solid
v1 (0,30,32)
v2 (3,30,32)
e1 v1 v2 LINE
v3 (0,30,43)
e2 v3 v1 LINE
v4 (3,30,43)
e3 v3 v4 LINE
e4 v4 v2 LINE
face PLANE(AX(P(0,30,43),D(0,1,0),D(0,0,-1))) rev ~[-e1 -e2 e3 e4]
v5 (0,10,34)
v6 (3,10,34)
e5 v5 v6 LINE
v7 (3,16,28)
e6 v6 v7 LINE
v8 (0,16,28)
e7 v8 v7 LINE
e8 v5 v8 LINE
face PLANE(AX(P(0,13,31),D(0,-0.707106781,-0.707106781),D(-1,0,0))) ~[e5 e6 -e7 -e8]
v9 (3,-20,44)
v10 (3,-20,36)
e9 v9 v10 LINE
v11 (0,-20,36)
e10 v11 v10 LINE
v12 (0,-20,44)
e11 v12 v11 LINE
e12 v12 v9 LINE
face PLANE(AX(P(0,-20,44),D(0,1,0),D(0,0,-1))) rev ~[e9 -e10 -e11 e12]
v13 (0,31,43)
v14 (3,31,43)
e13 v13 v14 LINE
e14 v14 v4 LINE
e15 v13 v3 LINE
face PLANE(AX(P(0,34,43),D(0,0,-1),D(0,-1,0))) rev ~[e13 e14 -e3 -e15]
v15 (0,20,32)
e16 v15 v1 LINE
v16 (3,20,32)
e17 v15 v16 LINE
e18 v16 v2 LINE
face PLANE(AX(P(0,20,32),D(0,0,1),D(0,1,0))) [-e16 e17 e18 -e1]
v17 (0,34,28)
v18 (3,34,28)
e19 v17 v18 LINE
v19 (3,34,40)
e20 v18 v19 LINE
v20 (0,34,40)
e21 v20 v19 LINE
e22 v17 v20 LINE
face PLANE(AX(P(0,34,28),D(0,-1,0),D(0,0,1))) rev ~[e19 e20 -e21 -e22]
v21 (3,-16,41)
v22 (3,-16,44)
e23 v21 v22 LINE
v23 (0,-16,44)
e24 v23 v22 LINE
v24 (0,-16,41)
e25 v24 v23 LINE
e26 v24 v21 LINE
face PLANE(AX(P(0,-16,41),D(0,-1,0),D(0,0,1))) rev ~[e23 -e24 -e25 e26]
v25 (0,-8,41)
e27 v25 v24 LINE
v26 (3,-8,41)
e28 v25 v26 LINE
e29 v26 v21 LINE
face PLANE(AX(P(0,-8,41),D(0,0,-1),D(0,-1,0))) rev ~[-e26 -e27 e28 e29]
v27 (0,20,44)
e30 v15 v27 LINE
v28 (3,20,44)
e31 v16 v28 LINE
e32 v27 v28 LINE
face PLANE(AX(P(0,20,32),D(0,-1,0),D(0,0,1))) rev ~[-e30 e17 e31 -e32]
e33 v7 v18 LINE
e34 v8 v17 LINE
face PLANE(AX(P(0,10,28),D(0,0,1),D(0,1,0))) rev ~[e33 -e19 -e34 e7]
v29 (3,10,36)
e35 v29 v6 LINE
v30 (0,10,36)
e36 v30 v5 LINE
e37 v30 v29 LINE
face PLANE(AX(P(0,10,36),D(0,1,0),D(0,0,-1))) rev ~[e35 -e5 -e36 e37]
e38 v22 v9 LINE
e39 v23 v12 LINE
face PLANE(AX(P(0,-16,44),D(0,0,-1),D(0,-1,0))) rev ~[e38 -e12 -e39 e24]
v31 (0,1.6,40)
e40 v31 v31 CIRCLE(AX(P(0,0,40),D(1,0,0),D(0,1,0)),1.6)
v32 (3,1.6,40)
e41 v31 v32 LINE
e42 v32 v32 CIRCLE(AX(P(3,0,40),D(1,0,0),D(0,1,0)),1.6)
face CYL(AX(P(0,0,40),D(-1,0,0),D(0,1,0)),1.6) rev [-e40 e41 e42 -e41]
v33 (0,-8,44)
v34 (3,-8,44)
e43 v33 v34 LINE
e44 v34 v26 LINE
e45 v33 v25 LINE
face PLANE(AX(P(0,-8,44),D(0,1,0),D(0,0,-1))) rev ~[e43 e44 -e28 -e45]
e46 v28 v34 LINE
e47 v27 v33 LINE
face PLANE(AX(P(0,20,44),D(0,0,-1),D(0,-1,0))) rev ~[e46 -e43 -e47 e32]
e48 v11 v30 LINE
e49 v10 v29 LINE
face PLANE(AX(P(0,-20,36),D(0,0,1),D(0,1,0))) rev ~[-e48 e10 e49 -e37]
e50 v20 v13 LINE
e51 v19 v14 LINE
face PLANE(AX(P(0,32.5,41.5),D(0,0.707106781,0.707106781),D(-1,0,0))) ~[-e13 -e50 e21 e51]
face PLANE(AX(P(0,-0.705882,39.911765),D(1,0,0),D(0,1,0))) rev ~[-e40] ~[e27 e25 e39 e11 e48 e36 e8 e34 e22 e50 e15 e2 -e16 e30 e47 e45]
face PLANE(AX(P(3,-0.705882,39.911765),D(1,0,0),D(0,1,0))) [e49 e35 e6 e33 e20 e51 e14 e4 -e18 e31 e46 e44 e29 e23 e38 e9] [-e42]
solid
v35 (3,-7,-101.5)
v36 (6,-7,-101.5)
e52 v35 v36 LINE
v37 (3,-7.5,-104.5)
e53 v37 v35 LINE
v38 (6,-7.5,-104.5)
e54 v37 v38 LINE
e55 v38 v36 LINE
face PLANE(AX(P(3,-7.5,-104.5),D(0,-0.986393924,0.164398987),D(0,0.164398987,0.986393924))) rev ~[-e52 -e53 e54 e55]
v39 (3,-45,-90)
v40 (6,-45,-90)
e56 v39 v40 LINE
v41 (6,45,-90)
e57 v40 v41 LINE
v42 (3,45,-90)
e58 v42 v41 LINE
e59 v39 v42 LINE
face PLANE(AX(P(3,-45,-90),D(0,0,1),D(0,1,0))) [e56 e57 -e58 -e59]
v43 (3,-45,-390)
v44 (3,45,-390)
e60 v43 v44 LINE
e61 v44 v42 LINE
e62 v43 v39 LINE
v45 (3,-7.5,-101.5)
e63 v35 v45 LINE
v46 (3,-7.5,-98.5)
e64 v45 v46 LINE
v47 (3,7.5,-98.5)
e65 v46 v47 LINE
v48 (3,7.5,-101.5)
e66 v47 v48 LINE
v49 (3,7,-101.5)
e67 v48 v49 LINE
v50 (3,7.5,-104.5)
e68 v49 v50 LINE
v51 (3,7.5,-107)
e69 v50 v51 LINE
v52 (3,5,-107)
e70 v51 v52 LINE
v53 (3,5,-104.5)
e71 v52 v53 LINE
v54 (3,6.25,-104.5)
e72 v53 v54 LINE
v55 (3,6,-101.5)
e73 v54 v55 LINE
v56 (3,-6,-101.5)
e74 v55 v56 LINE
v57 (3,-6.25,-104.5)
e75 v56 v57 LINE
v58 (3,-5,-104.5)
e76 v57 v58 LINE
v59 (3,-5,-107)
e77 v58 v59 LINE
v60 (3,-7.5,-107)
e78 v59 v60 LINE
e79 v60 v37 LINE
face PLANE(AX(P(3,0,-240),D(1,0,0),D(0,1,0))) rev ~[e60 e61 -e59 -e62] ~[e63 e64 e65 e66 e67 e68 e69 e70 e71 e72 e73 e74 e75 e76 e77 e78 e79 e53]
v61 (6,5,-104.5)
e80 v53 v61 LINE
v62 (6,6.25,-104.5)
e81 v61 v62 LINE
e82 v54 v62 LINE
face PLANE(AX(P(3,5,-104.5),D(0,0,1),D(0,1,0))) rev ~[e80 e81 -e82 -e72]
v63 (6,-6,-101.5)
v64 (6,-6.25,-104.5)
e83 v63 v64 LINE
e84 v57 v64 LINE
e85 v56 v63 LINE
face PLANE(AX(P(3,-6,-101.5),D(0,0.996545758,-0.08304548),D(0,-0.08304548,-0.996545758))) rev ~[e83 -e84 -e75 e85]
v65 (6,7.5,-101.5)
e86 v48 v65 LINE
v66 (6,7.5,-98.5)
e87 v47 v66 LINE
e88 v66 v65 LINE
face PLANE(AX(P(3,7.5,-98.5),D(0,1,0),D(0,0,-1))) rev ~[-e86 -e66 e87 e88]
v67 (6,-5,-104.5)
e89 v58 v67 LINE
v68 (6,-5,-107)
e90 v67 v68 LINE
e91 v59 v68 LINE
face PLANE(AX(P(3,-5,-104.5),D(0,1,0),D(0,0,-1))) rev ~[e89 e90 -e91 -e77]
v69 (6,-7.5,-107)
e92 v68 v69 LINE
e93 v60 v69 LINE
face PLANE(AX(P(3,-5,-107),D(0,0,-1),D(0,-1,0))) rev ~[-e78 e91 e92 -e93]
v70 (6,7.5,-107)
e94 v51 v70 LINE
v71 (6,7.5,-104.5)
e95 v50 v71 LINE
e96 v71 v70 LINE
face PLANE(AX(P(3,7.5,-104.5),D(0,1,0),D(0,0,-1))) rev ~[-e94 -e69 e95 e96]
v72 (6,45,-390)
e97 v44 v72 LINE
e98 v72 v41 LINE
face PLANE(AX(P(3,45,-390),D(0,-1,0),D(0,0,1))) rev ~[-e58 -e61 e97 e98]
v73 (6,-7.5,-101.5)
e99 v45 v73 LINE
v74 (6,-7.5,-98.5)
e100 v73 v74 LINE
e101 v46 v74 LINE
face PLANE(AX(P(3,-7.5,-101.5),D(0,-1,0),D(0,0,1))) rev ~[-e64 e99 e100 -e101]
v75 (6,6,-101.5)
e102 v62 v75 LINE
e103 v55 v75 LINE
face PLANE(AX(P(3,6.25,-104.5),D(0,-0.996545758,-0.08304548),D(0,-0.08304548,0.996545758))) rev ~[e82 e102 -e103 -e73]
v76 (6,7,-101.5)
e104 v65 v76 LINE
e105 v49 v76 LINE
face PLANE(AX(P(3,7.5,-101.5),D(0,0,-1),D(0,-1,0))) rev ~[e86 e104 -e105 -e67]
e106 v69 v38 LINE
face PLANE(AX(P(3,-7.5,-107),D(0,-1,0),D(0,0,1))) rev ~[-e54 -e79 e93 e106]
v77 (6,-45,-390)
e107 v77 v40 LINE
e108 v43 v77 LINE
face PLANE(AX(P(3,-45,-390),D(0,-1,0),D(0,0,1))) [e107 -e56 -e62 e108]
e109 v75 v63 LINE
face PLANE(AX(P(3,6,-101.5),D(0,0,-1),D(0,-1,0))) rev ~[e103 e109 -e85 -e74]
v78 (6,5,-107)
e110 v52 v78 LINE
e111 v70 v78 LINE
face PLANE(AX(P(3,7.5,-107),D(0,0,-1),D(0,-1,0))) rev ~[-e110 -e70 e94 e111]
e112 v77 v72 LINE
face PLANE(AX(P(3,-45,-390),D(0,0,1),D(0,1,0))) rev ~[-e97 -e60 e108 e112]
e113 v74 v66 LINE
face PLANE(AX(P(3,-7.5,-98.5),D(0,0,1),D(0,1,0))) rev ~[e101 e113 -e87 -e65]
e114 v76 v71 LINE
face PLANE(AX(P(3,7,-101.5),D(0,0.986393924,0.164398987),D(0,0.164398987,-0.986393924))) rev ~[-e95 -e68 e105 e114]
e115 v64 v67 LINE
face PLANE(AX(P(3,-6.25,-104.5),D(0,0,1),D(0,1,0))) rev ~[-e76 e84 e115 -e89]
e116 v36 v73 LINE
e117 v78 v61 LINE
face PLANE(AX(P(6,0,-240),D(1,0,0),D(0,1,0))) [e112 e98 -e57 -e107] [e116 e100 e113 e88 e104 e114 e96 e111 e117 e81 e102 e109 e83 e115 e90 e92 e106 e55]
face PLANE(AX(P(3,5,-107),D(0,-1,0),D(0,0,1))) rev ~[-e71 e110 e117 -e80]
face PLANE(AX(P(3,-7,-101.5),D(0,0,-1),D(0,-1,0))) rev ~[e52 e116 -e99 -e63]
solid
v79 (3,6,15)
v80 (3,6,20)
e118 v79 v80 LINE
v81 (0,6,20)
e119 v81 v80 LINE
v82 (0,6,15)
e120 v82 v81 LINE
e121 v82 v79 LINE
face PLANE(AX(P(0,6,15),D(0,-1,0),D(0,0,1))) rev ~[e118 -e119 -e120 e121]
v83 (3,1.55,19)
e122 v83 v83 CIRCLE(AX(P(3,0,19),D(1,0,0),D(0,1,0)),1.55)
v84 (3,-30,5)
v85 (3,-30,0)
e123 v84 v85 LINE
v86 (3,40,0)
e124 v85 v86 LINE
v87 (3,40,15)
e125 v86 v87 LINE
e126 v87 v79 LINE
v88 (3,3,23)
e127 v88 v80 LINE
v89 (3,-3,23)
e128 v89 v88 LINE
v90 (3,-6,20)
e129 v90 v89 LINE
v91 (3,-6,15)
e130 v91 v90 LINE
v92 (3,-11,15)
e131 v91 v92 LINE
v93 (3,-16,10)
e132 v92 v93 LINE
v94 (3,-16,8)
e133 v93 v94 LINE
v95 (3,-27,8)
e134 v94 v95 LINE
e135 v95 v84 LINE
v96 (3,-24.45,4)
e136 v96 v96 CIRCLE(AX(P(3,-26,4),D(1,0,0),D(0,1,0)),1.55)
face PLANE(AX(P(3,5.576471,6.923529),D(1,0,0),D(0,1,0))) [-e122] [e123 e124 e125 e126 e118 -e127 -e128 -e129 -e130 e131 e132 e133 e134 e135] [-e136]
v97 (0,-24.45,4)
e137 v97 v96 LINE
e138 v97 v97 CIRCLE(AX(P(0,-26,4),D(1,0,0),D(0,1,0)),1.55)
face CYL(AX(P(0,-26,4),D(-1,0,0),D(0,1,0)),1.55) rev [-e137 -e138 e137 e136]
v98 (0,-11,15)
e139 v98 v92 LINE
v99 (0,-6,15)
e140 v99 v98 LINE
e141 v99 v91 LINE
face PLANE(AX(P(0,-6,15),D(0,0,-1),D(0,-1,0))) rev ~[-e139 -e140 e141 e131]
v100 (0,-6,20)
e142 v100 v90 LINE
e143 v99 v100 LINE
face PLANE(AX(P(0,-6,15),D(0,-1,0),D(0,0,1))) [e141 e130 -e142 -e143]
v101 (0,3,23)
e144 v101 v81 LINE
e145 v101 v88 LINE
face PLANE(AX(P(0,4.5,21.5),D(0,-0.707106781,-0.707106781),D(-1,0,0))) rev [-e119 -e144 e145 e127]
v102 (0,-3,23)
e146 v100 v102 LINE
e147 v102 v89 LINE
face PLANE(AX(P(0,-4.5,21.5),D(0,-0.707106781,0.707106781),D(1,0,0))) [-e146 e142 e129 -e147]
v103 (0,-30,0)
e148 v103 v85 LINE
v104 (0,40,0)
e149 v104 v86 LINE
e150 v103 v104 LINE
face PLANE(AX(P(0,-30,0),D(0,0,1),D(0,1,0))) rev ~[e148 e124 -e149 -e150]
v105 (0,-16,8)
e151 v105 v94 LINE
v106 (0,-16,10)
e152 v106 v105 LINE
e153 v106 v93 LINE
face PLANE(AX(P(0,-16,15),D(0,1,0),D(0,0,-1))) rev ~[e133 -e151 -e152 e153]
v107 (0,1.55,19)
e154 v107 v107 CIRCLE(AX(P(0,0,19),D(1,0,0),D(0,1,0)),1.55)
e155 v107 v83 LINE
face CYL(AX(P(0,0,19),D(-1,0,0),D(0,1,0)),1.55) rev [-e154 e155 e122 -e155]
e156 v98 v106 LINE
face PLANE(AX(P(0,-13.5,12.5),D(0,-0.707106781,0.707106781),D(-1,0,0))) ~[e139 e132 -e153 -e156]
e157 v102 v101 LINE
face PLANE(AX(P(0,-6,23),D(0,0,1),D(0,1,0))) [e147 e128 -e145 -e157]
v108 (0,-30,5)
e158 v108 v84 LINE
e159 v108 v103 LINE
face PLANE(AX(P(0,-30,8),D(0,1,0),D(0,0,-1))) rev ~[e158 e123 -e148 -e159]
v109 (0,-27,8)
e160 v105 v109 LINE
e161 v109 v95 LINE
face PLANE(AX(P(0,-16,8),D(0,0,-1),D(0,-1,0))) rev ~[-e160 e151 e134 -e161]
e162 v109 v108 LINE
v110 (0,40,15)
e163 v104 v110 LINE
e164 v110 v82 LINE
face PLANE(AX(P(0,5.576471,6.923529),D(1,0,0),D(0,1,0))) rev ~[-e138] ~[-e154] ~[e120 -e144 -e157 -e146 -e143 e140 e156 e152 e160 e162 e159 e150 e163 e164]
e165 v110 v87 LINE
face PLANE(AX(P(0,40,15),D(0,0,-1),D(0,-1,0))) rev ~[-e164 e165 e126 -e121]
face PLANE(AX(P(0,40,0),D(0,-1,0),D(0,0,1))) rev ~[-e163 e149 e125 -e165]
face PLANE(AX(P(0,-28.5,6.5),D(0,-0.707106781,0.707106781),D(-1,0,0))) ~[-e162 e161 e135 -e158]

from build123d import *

# Parameters (mm, degrees)
F0_R      = 1.55
F0_W      = 12
F0_H      = 8
F1_DEPTH  = 3
F2_R      = 1.6
F2_W      = 10
F2_H      = 4
F3_DEPTH  = 3
F4_SIZE   = 3
F5_SIZE   = 6
F6_SIZE   = 3
F7_SIZE   = 5
F8_SIZE   = 3
F9_W      = 90
F9_H      = 300
F10_DEPTH = 3


with BuildPart() as f1:
    # F0 (on Right) → F1 (new body)
    with BuildSketch(Plane.YZ):
        Polygon((-6, 15), (-16, 15), (-16, 8), (-30, 8), (-30, 0), (40, 0), (40, 15), (6, 15), align=None)
        with Locations((-26, 4)):
            Circle(F0_R, mode=Mode.SUBTRACT)
        with Locations((0, 19)):
            Rectangle(F0_W, F0_H)
        with Locations((0, 19)):
            Circle(F0_R, mode=Mode.SUBTRACT)
    extrude(amount=F1_DEPTH)

    # F4
    f4_edges = [f1.edges().sort_by_distance(p)[0] for p in [
        (1.5, -6, 23),
        (1.5, 6, 23),
    ]]
    chamfer(f4_edges, length=F4_SIZE)

    # F7
    f7_edges = [f1.edges().sort_by_distance(p)[0] for p in [
        (1.5, -16, 15),
    ]]
    chamfer(f7_edges, length=F7_SIZE)

    # F8
    f8_edges = [f1.edges().sort_by_distance(p)[0] for p in [
        (1.5, -30, 8),
    ]]
    chamfer(f8_edges, length=F8_SIZE)


with BuildPart() as f3:
    # F2 (on Right) → F3 (new body)
    with BuildSketch(Plane.YZ):
        Polygon((-16, 44), (-20, 44), (-20, 36), (10, 36), (20, 36), (20, 44), (-8, 44), (-8, 41), (-16, 41), align=None)
        with Locations((0, 40)):
            Circle(F2_R, mode=Mode.SUBTRACT)
        Polygon((20, 36), (10, 36), (10, 28), (20, 28), (20, 32), align=None)
        with Locations((25, 30)):
            Rectangle(F2_W, F2_H)
        Polygon((30, 43), (30, 32), (30, 28), (34, 28), (34, 43), align=None)
    extrude(amount=F3_DEPTH)

    # F5
    f5_edges = [f3.edges().sort_by_distance(p)[0] for p in [
        (1.5, 10, 28),
    ]]
    chamfer(f5_edges, length=F5_SIZE)

    # F6
    f6_edges = [f3.edges().sort_by_distance(p)[0] for p in [
        (1.5, 34, 43),
    ]]
    chamfer(f6_edges, length=F6_SIZE)


with BuildPart() as f10:
    # F9 (on face) → F10 (new body)
    with BuildSketch(Plane.YZ.offset(3)):
        with Locations((0, -240)):
            Rectangle(F9_W, F9_H)
        Polygon((-7.5, -98.5), (7.5, -98.5), (7.5, -101.5), (7, -101.5), (7.5, -104.5), (7.5, -107), (5, -107), (5, -104.5), (6.25, -104.5), (6, -101.5), (-6, -101.5), (-6.25, -104.5), (-5, -104.5), (-5, -107), (-7.5, -107), (-7.5, -104.5), (-7, -101.5), (-7.5, -101.5), align=None, mode=Mode.SUBTRACT)
    extrude(amount=F10_DEPTH)


solid = Compound([f1.part, f3.part, f10.part])
